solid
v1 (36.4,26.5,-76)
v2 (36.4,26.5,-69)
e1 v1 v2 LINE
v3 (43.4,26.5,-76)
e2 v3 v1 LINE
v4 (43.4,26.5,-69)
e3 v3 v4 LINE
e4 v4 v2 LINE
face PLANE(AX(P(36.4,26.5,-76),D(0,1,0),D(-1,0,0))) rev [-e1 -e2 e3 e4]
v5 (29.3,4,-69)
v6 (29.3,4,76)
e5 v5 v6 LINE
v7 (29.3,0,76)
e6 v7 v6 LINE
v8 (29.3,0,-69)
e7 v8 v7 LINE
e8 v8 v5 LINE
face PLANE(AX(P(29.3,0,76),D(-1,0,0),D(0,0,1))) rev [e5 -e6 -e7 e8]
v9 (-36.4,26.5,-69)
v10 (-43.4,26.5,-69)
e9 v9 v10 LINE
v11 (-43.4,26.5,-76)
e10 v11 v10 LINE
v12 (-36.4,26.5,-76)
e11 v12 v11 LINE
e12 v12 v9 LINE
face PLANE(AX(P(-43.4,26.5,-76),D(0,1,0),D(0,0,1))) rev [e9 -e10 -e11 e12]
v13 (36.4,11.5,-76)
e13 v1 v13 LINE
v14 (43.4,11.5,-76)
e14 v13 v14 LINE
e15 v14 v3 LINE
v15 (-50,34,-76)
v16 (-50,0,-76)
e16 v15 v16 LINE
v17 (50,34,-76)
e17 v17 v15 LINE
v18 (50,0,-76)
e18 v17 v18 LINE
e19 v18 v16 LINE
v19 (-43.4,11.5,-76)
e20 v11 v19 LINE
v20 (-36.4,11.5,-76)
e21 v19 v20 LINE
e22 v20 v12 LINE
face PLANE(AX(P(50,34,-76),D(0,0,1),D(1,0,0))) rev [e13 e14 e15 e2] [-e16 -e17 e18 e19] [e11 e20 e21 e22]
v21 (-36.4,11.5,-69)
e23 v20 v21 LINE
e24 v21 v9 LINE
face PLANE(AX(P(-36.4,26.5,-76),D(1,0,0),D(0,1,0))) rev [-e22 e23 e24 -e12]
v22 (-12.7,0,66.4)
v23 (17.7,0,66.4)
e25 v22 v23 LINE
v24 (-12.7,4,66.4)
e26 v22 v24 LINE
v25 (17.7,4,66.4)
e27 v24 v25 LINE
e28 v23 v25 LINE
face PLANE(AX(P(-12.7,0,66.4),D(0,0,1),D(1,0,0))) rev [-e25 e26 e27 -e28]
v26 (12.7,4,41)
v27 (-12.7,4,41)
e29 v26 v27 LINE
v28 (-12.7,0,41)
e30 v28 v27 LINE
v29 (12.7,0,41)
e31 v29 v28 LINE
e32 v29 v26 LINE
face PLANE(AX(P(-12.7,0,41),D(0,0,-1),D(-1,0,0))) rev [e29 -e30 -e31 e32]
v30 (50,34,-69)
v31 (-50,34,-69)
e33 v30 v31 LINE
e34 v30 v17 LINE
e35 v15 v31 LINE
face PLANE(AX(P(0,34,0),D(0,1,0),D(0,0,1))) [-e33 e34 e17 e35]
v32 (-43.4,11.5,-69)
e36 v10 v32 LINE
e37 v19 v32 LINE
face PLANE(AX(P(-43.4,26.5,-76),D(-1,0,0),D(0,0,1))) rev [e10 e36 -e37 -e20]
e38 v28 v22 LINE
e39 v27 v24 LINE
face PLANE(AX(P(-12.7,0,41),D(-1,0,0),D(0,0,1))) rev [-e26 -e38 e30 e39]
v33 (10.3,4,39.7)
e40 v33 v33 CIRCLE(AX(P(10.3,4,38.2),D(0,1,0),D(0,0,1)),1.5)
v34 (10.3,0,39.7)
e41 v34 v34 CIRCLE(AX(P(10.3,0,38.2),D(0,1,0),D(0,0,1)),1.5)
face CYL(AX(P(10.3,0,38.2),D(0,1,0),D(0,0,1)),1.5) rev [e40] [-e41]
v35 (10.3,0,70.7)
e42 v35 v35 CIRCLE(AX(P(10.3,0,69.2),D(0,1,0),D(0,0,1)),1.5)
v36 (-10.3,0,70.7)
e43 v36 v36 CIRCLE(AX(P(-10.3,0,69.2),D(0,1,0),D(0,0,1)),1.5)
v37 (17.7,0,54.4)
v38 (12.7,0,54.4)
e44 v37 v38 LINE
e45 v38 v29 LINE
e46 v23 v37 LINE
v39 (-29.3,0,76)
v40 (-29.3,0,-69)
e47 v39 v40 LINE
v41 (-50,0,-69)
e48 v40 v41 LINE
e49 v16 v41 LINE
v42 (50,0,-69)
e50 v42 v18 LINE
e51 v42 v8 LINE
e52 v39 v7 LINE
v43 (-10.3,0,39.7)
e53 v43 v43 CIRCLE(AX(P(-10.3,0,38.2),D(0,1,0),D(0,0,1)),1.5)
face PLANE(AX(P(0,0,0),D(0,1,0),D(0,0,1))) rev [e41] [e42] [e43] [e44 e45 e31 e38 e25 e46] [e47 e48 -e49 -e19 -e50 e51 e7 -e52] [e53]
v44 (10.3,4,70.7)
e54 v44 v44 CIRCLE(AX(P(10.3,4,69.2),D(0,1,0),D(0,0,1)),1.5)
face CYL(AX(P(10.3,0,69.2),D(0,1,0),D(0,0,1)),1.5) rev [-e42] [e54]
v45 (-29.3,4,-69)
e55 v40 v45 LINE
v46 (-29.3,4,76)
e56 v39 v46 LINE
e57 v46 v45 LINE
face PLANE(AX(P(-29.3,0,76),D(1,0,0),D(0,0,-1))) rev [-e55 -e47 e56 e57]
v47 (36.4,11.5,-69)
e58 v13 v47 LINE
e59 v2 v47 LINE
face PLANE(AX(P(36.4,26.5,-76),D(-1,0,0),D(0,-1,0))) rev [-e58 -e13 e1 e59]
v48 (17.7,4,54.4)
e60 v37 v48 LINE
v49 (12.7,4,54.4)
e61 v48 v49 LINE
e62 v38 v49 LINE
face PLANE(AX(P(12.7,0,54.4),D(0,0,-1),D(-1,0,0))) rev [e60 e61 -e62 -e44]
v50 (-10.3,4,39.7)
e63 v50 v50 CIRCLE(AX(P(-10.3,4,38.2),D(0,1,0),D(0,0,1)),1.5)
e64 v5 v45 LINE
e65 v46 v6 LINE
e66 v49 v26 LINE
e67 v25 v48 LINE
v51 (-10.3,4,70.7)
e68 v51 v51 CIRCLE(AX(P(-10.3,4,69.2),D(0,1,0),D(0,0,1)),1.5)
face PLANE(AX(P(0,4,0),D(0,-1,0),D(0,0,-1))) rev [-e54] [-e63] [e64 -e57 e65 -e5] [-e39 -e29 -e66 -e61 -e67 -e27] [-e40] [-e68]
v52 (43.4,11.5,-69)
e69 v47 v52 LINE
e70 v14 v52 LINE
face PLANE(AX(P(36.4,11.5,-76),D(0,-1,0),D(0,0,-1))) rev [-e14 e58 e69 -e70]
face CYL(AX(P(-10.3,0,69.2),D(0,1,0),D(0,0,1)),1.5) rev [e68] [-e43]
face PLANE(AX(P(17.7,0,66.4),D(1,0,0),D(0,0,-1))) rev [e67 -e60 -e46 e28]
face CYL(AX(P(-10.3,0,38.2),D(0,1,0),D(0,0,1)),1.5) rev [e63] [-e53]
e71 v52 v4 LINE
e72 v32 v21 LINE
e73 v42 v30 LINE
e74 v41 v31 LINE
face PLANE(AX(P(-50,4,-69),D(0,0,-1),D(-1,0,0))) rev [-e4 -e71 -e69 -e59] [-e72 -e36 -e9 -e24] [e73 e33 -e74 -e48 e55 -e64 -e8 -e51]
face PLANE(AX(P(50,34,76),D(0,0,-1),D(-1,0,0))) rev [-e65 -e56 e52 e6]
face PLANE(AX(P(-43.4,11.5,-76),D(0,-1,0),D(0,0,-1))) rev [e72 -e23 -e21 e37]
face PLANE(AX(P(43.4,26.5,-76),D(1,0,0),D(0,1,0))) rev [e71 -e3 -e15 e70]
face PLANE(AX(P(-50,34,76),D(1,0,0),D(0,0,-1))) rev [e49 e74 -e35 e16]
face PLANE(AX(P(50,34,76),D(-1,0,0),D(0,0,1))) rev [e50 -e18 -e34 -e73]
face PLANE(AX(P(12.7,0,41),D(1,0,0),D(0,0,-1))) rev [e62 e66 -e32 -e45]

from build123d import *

# Parameters (mm, degrees)
SKETCH1_W           = 100
SKETCH1_H           = 152
BOSS_EXTRUDE1_DEPTH = 34
SKETCH2_W           = 100
SKETCH2_H           = 145
CUT_EXTRUDE1_DEPTH  = 30
SKETCH3_W           = 7
SKETCH3_H           = 15
CUT_EXTRUDE2_DEPTH  = 158.101877774
SKETCH4_W           = 20.7
SKETCH4_H           = 145
CUT_EXTRUDE3_DEPTH  = 96.791440119
SKETCH5_W           = 25.4
SKETCH5_H           = 25.4
CUT_EXTRUDE4_DEPTH  = 96.791440119
SKETCH7_R           = 1.5
CUT_EXTRUDE5_DEPTH  = 96.791440119
SKETCH8_W           = 5
SKETCH8_H           = 12
CUT_EXTRUDE6_DEPTH  = 96.791440119


with BuildPart() as part:
    # Sketch1 → Boss-Extrude1 (new body)
    with BuildSketch(Plane(origin=(0, 0, 0), x_dir=(1, 0, 0), z_dir=(0, 1, 0))):
        Rectangle(SKETCH1_W, SKETCH1_H)
    extrude(amount=BOSS_EXTRUDE1_DEPTH)

    # Sketch2 → Cut-Extrude1 (cut)
    with BuildSketch(Plane(origin=(0, 34, 0), x_dir=(1, 0, 0), z_dir=(0, 1, 0))):
        with Locations((0, -3.5)):
            Rectangle(SKETCH2_W, SKETCH2_H)
    extrude(amount=-CUT_EXTRUDE1_DEPTH, mode=Mode.SUBTRACT)

    # Sketch3 → Cut-Extrude2 (cut, through all)
    with BuildSketch(Plane.XY.offset(-69)):
        with Locations((-39.9, 19)):
            Rectangle(SKETCH3_W, SKETCH3_H)
        with Locations((39.9, 19)):
            Rectangle(SKETCH3_W, SKETCH3_H)
    extrude(amount=-CUT_EXTRUDE2_DEPTH, mode=Mode.SUBTRACT)

    # Sketch4 → Cut-Extrude3 (cut, through all)
    with BuildSketch(Plane(origin=(0, 4, 0), x_dir=(1, 0, 0), z_dir=(0, 1, 0))):
        with Locations((-39.65, -3.5)):
            Rectangle(SKETCH4_W, SKETCH4_H)
        with Locations((39.65, -3.5)):
            Rectangle(SKETCH4_W, SKETCH4_H)
    extrude(amount=-CUT_EXTRUDE3_DEPTH, mode=Mode.SUBTRACT)

    # Sketch5 → Cut-Extrude4 (cut, through all)
    with BuildSketch(Plane(origin=(0, 4, 0), x_dir=(1, 0, 0), z_dir=(0, 1, 0))):
        with Locations((0, -53.7)):
            Rectangle(SKETCH5_W, SKETCH5_H)
    extrude(amount=-CUT_EXTRUDE4_DEPTH, mode=Mode.SUBTRACT)

    # Sketch7 → Cut-Extrude5 (cut, through all)
    with BuildSketch(Plane(origin=(0, 4, 0), x_dir=(1, 0, 0), z_dir=(0, 1, 0))):
        with Locations(Location((-10.3, -38.2, 0), (0, 0, 270))):
            Circle(SKETCH7_R)
        with Locations(Location((10.3, -38.2, 0), (0, 0, 270))):
            Circle(SKETCH7_R)
        with Locations(Location((10.3, -69.2, 0), (0, 0, 270))):
            Circle(SKETCH7_R)
        with Locations(Location((-10.3, -69.2, 0), (0, 0, 270))):
            Circle(SKETCH7_R)
    extrude(amount=-CUT_EXTRUDE5_DEPTH, mode=Mode.SUBTRACT)

    # Sketch8 → Cut-Extrude6 (cut, through all)
    with BuildSketch(Plane(origin=(0, 4, 0), x_dir=(1, 0, 0), z_dir=(0, 1, 0))):
        with Locations((15.2, -60.4)):
            Rectangle(SKETCH8_W, SKETCH8_H)
    extrude(amount=-CUT_EXTRUDE6_DEPTH, mode=Mode.SUBTRACT)


solid = part.part
